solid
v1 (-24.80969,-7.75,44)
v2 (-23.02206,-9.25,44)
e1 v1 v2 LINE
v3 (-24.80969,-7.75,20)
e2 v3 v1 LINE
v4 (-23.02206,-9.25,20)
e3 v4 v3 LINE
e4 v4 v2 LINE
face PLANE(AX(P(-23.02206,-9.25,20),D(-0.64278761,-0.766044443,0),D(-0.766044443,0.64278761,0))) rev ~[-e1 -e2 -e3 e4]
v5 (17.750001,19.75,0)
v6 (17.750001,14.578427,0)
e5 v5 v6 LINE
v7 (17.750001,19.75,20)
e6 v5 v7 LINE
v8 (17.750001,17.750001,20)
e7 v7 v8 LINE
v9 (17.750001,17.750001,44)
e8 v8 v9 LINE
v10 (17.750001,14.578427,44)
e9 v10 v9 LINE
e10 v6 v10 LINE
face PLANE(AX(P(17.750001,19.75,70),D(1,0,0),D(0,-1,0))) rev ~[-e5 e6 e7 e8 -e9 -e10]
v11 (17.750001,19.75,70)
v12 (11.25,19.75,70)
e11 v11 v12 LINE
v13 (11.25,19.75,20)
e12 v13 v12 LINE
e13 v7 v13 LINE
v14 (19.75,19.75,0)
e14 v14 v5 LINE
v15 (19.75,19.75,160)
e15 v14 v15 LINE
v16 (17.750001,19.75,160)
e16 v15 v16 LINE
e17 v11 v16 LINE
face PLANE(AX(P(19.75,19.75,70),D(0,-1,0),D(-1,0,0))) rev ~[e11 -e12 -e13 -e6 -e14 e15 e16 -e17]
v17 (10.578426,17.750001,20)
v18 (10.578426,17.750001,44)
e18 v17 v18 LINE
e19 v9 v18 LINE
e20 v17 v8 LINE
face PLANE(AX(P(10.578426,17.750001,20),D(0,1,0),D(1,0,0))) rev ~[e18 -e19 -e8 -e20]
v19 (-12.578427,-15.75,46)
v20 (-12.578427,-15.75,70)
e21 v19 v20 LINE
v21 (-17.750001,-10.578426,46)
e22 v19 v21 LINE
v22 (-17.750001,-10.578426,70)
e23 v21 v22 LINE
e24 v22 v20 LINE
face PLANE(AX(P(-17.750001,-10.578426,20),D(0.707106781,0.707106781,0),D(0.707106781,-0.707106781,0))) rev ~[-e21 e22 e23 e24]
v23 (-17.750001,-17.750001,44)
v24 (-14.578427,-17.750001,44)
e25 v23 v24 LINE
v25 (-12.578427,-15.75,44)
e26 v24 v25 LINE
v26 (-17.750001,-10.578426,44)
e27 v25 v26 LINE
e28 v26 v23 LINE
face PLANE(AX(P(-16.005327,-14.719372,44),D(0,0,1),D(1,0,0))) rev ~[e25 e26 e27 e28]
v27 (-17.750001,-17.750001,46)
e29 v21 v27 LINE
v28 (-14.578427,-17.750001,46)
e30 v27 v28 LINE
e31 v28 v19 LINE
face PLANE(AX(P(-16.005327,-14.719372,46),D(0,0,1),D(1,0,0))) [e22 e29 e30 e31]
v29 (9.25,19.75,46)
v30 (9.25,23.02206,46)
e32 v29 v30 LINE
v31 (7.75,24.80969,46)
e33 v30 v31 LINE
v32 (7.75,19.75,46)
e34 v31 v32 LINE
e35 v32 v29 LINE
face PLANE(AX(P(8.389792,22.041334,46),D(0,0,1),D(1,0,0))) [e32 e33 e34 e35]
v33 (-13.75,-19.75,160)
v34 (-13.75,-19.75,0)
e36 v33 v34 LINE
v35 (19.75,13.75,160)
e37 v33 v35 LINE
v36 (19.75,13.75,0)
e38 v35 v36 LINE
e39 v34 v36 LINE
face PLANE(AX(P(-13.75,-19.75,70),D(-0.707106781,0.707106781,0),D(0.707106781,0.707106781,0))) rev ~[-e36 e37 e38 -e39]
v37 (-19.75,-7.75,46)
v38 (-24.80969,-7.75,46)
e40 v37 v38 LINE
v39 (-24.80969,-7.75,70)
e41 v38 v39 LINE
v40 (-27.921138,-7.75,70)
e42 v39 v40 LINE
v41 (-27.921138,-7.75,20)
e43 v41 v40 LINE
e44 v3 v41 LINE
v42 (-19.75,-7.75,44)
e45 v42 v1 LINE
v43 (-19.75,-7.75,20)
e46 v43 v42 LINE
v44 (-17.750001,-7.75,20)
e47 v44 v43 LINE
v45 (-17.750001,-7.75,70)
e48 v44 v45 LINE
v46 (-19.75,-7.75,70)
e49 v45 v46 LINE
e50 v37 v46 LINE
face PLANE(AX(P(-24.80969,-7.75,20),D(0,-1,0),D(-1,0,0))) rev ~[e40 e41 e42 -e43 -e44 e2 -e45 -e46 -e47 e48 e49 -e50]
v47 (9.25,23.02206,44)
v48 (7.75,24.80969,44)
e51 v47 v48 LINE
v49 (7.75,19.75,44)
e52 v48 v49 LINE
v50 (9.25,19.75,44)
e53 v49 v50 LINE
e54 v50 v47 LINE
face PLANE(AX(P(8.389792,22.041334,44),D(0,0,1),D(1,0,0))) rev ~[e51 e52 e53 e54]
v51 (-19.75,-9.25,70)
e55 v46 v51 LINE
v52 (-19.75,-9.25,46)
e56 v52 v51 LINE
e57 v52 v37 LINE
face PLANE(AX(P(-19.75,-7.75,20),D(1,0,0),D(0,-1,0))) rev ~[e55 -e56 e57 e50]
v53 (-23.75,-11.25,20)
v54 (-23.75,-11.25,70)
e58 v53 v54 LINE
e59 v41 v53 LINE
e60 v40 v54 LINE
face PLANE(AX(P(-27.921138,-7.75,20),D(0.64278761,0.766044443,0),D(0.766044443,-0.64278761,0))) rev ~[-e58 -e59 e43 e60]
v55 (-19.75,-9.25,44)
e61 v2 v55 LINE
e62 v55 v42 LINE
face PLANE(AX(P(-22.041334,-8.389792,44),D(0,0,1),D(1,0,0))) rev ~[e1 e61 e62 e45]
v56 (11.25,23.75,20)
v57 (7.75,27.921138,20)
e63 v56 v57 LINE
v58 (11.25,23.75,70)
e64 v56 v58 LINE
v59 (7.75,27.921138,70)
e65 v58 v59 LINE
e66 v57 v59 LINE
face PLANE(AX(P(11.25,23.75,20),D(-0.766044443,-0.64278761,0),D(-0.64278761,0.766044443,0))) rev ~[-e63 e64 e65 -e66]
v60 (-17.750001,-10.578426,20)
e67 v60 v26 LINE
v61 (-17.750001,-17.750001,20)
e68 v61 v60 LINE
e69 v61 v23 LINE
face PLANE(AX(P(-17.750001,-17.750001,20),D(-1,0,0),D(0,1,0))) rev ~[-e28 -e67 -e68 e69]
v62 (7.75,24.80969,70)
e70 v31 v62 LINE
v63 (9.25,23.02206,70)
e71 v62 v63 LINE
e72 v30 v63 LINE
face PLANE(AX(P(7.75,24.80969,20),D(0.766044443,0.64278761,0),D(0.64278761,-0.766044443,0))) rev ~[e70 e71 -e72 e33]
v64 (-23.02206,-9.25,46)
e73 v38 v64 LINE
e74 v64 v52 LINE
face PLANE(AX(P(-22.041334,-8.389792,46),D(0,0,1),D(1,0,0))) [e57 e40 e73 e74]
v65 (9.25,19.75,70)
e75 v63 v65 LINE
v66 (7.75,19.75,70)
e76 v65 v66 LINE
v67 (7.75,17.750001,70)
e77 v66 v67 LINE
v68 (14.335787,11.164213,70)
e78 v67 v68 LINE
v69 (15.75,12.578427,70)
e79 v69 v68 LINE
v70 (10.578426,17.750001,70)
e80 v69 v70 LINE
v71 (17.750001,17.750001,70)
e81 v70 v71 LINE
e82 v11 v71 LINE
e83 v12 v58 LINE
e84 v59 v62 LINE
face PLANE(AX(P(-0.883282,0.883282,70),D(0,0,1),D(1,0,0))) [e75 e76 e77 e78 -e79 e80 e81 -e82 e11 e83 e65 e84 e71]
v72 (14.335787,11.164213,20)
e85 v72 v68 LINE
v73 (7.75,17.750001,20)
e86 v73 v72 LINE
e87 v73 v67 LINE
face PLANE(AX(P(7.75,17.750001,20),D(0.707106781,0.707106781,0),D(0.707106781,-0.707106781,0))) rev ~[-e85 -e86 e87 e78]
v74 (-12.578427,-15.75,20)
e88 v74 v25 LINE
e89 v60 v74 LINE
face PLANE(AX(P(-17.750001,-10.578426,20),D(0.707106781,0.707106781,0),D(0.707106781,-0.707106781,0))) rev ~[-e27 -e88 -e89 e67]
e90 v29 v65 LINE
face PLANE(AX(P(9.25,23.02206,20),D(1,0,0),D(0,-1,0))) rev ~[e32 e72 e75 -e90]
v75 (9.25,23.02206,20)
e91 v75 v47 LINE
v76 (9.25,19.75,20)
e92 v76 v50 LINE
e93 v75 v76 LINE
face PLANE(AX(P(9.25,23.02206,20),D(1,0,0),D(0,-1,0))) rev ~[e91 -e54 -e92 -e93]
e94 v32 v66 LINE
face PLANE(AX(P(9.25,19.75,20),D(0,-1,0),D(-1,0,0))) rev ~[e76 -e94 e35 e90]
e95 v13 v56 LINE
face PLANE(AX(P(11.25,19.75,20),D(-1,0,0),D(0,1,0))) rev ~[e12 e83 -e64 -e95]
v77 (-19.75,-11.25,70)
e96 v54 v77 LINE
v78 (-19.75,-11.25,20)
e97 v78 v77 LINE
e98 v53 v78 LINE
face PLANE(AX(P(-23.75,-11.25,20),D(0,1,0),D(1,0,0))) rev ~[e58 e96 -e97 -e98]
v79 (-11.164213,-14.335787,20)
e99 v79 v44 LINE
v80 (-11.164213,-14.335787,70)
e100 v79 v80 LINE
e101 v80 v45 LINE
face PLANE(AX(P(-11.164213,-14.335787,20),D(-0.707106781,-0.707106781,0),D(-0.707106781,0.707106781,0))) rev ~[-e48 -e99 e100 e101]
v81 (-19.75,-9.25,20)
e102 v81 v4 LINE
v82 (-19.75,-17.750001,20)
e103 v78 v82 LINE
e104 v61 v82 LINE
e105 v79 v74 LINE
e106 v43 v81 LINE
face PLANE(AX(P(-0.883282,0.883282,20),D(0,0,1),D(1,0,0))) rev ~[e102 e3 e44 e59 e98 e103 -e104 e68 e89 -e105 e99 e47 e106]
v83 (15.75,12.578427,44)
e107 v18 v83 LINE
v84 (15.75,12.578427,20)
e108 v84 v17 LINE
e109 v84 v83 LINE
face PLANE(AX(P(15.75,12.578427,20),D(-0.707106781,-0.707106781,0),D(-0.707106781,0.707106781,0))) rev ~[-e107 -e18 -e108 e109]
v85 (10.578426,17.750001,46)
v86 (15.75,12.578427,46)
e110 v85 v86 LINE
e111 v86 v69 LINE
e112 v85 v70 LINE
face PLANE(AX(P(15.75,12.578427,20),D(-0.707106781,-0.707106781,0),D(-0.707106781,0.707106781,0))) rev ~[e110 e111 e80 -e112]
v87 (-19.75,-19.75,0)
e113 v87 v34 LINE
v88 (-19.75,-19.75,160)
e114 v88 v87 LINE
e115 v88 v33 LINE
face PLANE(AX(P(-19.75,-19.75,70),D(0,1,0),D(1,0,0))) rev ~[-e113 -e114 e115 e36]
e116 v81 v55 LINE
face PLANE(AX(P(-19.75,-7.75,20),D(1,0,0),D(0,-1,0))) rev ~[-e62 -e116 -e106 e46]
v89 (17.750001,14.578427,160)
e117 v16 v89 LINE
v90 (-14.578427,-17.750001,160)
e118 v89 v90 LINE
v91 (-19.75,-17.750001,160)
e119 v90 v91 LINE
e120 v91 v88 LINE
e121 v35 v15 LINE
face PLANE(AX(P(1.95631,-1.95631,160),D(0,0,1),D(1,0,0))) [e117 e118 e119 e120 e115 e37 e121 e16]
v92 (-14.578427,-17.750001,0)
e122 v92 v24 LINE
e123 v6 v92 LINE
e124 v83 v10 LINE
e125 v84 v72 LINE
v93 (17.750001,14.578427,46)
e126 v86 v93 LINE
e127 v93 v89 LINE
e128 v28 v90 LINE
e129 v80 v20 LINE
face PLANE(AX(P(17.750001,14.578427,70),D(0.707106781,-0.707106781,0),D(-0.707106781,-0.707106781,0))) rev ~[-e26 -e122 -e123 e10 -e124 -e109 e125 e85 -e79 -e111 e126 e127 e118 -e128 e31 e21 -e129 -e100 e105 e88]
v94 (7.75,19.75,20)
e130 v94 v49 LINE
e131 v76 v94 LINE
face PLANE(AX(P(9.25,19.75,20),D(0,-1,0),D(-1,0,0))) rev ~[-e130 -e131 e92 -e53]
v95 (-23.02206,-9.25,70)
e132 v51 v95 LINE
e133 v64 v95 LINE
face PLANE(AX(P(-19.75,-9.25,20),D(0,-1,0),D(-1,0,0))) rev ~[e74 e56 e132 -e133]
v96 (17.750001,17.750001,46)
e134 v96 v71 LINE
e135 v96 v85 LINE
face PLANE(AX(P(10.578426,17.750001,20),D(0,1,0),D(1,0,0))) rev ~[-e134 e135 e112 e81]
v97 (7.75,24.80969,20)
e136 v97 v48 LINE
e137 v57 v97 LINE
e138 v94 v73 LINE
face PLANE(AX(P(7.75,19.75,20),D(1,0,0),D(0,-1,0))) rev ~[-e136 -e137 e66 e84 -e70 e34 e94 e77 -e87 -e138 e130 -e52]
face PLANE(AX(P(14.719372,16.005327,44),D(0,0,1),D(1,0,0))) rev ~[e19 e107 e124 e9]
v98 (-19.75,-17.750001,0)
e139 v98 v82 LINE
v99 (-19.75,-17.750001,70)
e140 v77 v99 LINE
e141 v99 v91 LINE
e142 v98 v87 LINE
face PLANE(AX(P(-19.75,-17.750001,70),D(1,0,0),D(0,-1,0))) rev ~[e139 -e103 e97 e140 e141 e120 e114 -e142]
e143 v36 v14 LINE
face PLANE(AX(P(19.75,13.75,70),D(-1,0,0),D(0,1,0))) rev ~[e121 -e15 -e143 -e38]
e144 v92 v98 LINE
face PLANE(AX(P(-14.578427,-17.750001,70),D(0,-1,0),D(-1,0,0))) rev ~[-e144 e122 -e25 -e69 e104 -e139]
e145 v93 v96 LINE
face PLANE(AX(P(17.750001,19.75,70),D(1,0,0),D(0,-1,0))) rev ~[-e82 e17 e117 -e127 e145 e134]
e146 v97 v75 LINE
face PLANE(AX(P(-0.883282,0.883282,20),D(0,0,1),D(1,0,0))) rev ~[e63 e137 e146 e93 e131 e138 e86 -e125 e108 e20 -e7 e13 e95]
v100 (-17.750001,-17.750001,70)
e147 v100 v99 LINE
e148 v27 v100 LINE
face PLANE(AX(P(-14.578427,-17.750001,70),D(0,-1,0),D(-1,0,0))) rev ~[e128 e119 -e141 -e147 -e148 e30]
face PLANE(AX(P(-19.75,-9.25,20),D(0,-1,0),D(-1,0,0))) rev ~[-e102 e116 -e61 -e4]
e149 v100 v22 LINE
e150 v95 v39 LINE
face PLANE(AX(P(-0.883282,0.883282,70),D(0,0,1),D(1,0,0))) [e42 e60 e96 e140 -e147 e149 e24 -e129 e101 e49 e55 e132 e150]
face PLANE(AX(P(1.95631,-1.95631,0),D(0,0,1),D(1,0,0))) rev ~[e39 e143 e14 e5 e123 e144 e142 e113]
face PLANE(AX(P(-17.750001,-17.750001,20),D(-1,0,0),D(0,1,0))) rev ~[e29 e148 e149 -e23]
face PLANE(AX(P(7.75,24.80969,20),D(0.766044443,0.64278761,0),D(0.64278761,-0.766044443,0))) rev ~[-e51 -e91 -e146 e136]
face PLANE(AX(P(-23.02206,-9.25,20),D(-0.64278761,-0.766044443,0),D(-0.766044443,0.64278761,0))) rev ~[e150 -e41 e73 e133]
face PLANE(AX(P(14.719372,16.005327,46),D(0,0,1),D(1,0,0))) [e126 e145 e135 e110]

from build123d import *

# Parameters (mm, degrees)
F1_DEPTH = 20
F3_DEPTH = 50
F5_DEPTH = 90
F8_DEPTH = 1


with BuildPart() as f1:
    # F0 (on Top) → F1 (new body)
    with BuildSketch(Plane.XY):
        Polygon((-19.75, -17.7500005811), (-19.75, -19.75), (-13.75, -19.75), (19.75, 13.75), (19.75, 19.75), (17.7500005811, 19.75), (17.7500005811, 14.578426884), (-14.578426884, -17.7500005811), align=None)
    extrude(amount=F1_DEPTH)

    # F2 (on face) → F3 (join)
    with BuildSketch(Plane.XY.offset(20)):
        Polygon((-19.75, -19.75), (-13.75, -19.75), (19.75, 13.75), (19.75, 19.75), (11.25, 19.75), (11.25, 23.75), (7.75, 27.9211375741), (7.75, 24.8096899204), (9.25, 23.0220595315), (9.25, 19.75), (7.75, 19.75), (7.75, 17.7500005811), (14.3357871391, 11.164213442), (-11.164213442, -14.3357871391), (-17.7500005811, -7.75), (-19.75, -7.75), (-19.75, -9.25), (-23.0220595315, -9.25), (-24.8096899204, -7.75), (-27.9211375741, -7.75), (-23.75, -11.25), (-19.75, -11.25), align=None)
        Polygon((-17.7500005811, -17.7500005811), (-17.7500005811, -10.5784263029), (-12.5784265935, -15.7500002906), (-14.578426884, -17.7500005811), align=None, mode=Mode.SUBTRACT)
        Polygon((10.5784263029, 17.7500005811), (17.7500005811, 17.7500005811), (17.7500005811, 14.578426884), (15.7500002906, 12.5784265935), align=None, mode=Mode.SUBTRACT)
    extrude(amount=F3_DEPTH)

    # F4 (on face) → F5 (join)
    with BuildSketch(Plane.XY.offset(70)):
        Polygon((19.75, 13.75), (19.75, 19.75), (17.7500005811, 19.75), (17.7500005811, 14.578426884), (-14.578426884, -17.7500005811), (-19.75, -17.7500005811), (-19.75, -19.75), (-13.75, -19.75), align=None)
    extrude(amount=F5_DEPTH)

    # F7 (on mid) → F8 (join, symmetric)
    with BuildSketch(Plane.XY.offset(45)):
        Polygon((-23.0220595315, -9.25), (-19.75, -9.25), (-19.75, -7.75), (-24.8096899204, -7.75), align=None)
        Polygon((7.75, 19.75), (9.25, 19.75), (9.25, 23.0220595315), (7.75, 24.8096899204), align=None)
        Polygon((17.7500005811, 14.578426884), (17.7500005811, 17.7500005811), (10.5784263029, 17.7500005811), (15.7500002906, 12.5784265935), align=None)
        Polygon((-12.5784265935, -15.7500002906), (-17.7500005811, -10.5784263029), (-17.7500005811, -17.7500005811), (-14.578426884, -17.7500005811), align=None)
    extrude(amount=F8_DEPTH, both=True)


solid = f1.part
